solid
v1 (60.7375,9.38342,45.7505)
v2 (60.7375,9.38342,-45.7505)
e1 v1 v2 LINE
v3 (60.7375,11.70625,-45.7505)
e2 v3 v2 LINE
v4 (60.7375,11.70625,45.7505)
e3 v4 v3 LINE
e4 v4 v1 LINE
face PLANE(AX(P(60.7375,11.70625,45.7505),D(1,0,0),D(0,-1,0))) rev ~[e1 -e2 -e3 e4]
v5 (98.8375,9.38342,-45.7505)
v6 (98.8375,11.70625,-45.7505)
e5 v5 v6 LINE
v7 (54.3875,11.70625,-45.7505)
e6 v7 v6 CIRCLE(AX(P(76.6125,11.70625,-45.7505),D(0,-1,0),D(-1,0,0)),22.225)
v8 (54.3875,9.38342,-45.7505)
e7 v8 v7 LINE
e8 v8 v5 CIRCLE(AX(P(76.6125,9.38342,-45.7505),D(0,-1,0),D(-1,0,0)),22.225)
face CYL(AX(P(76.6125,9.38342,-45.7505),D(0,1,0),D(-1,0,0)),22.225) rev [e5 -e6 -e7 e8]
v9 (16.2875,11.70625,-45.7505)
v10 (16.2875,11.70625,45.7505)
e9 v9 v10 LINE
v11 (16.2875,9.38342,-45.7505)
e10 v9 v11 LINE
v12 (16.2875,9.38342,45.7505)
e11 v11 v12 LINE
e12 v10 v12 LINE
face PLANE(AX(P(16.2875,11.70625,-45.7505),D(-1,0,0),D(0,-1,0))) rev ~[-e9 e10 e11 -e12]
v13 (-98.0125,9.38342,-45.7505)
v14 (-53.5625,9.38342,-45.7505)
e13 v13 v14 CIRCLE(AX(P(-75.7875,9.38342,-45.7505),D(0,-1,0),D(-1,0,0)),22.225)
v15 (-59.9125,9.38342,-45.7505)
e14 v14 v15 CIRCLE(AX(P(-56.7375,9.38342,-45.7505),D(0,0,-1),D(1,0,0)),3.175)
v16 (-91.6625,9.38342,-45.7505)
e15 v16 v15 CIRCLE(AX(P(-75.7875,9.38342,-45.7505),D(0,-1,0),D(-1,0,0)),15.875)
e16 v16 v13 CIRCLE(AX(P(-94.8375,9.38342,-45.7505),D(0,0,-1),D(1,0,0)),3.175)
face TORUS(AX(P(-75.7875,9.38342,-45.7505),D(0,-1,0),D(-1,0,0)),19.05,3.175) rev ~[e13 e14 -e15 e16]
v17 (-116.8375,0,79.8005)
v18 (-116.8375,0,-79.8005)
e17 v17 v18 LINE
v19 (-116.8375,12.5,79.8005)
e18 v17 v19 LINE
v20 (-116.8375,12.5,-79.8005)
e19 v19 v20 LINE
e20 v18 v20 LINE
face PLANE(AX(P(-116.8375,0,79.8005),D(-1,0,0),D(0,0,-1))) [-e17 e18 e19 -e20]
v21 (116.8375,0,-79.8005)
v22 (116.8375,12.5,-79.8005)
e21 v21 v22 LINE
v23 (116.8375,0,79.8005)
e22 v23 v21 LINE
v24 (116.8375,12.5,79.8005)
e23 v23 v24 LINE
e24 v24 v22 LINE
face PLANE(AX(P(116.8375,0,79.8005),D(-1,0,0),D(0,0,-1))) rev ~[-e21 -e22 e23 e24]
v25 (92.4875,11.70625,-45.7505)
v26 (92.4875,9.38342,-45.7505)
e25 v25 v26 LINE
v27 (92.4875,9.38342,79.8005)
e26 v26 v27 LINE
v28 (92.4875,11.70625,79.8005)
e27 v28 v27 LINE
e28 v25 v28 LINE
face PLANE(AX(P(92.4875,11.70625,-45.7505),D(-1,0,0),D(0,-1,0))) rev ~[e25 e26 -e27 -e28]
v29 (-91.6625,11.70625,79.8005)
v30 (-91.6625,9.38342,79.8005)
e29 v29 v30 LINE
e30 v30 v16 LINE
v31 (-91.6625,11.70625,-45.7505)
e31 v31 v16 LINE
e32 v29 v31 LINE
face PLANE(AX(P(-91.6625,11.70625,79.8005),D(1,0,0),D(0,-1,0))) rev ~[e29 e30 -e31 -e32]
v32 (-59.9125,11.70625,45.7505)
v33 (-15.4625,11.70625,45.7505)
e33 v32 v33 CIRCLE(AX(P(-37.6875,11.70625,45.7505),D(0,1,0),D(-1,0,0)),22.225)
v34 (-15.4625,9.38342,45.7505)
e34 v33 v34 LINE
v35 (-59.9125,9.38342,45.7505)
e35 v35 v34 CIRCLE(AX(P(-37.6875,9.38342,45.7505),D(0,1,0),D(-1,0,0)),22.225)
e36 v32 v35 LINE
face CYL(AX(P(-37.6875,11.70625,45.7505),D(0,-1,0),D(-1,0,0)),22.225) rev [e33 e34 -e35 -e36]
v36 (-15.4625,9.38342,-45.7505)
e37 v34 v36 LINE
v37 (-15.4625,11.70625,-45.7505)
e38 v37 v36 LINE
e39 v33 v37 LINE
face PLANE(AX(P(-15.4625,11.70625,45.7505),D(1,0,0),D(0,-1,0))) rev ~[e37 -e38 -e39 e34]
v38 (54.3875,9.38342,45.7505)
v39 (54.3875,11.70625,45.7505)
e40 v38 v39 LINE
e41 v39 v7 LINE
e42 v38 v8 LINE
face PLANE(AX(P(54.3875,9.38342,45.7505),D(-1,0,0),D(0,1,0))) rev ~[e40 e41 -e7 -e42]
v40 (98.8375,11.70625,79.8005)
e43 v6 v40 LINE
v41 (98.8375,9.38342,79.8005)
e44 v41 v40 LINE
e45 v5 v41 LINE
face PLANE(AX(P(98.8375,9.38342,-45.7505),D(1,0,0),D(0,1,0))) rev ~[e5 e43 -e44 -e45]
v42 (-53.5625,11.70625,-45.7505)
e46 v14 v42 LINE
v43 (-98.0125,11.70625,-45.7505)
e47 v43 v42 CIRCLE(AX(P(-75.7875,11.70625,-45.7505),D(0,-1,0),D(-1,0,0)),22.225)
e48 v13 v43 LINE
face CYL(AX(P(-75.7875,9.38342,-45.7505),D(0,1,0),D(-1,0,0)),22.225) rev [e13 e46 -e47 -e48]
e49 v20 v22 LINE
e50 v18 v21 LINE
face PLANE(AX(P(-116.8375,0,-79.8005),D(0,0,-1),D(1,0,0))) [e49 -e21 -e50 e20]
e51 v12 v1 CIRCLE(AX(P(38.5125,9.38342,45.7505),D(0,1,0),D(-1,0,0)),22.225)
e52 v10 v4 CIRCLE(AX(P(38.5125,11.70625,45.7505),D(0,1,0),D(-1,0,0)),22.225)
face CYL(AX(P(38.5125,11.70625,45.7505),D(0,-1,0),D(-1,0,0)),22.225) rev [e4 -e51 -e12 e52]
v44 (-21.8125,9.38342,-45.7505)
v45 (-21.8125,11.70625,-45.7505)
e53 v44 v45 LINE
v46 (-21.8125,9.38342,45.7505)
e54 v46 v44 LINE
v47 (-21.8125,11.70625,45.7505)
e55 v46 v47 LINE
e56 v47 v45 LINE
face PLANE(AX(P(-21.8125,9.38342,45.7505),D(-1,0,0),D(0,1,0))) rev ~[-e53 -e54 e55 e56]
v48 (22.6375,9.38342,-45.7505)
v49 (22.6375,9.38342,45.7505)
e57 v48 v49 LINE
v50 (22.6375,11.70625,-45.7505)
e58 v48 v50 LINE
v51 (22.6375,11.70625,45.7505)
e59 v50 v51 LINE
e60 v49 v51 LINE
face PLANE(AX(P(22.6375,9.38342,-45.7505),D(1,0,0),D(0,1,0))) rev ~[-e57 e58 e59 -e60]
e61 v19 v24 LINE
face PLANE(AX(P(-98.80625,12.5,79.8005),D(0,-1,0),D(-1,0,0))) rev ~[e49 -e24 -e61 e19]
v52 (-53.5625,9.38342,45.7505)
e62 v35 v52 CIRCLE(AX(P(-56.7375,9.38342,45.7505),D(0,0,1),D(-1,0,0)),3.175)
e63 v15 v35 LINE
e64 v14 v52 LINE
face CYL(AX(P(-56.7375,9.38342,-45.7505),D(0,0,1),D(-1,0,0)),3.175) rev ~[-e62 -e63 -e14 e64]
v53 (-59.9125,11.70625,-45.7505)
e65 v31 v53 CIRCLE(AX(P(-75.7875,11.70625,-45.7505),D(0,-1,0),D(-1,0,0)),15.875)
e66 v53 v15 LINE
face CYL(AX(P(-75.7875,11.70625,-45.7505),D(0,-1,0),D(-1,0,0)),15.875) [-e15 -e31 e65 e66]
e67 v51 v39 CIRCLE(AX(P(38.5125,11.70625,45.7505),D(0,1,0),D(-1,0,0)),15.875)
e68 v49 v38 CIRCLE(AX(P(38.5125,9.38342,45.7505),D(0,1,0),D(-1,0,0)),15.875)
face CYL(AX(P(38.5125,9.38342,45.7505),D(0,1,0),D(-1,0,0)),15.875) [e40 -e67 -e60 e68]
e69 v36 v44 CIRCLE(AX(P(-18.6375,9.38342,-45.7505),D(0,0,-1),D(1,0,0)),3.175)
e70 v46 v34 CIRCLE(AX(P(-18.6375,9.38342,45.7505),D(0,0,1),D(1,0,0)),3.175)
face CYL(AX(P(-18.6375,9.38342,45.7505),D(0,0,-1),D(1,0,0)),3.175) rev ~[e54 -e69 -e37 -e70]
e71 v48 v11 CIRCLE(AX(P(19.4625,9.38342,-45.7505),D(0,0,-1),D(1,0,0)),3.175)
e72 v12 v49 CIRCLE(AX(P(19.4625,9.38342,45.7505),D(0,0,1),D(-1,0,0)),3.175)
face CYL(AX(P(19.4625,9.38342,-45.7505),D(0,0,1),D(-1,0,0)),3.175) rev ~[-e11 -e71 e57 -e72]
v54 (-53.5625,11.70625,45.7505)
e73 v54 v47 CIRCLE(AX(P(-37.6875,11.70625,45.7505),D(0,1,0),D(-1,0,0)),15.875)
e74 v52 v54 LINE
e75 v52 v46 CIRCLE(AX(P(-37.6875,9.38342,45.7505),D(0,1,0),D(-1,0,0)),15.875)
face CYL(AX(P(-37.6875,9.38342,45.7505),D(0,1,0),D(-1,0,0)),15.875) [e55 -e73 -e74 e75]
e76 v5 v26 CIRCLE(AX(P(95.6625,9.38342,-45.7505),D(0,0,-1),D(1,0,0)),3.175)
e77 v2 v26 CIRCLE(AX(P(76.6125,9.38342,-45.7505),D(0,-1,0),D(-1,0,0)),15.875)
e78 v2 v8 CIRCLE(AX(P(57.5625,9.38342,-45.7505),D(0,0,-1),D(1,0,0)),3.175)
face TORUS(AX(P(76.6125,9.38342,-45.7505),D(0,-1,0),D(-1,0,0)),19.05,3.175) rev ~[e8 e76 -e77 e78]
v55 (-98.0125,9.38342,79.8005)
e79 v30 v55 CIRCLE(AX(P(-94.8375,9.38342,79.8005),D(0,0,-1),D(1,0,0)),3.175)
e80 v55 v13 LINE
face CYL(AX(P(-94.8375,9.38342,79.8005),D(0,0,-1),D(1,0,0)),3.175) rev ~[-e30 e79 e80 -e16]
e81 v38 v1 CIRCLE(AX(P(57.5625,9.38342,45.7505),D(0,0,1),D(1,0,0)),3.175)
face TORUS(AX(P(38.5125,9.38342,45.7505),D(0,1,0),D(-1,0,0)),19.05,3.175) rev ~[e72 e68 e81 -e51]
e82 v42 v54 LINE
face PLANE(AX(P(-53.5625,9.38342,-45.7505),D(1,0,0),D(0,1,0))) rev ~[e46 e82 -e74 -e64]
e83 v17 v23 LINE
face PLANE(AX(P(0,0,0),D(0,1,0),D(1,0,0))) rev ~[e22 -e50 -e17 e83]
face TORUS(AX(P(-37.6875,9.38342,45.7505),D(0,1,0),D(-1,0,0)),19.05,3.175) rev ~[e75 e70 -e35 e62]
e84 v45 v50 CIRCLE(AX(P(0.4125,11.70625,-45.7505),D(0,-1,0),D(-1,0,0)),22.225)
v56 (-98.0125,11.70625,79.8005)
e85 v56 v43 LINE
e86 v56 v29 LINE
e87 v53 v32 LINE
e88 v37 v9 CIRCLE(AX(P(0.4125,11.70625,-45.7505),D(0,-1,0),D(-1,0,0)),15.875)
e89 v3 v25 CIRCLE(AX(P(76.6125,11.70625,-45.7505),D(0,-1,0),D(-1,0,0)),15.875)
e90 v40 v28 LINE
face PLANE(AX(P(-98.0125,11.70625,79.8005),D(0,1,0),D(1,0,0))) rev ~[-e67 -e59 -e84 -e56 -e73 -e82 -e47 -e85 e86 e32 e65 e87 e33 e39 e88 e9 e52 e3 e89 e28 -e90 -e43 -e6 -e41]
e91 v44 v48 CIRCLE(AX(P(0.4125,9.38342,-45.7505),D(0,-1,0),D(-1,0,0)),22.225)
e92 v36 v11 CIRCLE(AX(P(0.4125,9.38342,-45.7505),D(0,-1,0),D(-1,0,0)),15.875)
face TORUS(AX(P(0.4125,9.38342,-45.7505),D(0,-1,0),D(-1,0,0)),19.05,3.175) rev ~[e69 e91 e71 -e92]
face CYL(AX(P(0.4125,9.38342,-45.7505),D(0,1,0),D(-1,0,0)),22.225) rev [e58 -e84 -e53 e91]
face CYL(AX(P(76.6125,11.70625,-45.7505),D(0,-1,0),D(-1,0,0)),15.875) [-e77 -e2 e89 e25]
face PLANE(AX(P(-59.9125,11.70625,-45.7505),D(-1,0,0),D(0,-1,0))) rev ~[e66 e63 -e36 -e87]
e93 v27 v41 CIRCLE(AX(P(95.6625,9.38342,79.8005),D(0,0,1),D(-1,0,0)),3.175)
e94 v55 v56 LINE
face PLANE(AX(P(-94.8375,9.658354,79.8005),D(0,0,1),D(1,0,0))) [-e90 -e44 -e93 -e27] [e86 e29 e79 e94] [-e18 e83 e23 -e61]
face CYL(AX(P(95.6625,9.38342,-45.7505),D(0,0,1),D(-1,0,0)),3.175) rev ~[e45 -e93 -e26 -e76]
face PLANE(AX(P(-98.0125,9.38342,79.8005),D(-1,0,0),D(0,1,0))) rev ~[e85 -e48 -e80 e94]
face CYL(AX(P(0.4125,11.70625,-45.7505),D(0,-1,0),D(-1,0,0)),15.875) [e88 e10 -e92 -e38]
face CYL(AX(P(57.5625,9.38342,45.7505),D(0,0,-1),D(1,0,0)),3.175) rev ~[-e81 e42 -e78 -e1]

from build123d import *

# Parameters (mm, degrees)
SKETCH1_W           = 233.675
SKETCH1_H           = 159.601
BOSS_EXTRUDE1_DEPTH = 12.5


with BuildPart() as part:
    # Sketch1 → Boss-Extrude1 (new body)
    with BuildSketch(Plane(origin=(0, 0, 0), x_dir=(1, 0, 0), z_dir=(0, 1, 0))):
        Rectangle(SKETCH1_W, SKETCH1_H)
    extrude(amount=BOSS_EXTRUDE1_DEPTH)

    # Cut-Sweep1: sweep along a path in Sketch2
    with BuildLine(Plane(origin=(0, 12.5, 0), x_dir=(1, 0, 0), z_dir=(0, 1, 0))) as cut_sweep1_path:
        Line((-94.8375, -79.8005), (-94.8375, 45.7505))
        ThreePointArc((-94.8375, 45.7505), (-75.7875, 64.8005), (-56.7375, 45.7505))
        Line((-56.7375, 45.7505), (-56.7375, -45.7505))
        ThreePointArc((-56.7375, -45.7505), (-37.6875, -64.8005), (-18.6375, -45.7505))
        Line((-18.6375, -45.7505), (-18.6375, 45.7505))
        ThreePointArc((-18.6375, 45.7505), (0.4125, 64.8005), (19.4625, 45.7505))
        Line((19.4625, 45.7505), (19.4625, -45.7505))
        ThreePointArc((19.4625, -45.7505), (38.5125, -64.8005), (57.5625, -45.7505))
        Line((57.5625, -45.7505), (57.5625, 45.7505))
        ThreePointArc((57.5625, 45.7505), (76.6125, 64.8005), (95.6625, 45.7505))
        Line((95.6625, 45.7505), (95.6625, -79.8005))
    # Sketch3 → Cut-Sweep1 (sweep, cut)
    with BuildSketch(Plane.XY.offset(79.8005)):
        with BuildLine():
            Line((-98.80625, 9.38342), (-98.80625, 12.5))
            Line((-98.80625, 12.5), (-90.86875, 12.5))
            Line((-90.86875, 12.5), (-90.86875, 9.38342))
            ThreePointArc((-90.86875, 9.38342), (-94.8375, 5.41467), (-98.80625, 9.38342))
        make_face()
    sweep(path=cut_sweep1_path.line, mode=Mode.SUBTRACT)

    # Sweep1: sweep along a path in Sketch2<3>
    with BuildLine(Plane(origin=(0, 12.5, 0), x_dir=(1, 0, 0), z_dir=(0, 1, 0))) as sweep1_path:
        Line((-94.8375, -79.8005), (-94.8375, 45.7505))
        ThreePointArc((-94.8375, 45.7505), (-75.7875, 64.8005), (-56.7375, 45.7505))
        Line((-56.7375, 45.7505), (-56.7375, -45.7505))
        ThreePointArc((-56.7375, -45.7505), (-37.6875, -64.8005), (-18.6375, -45.7505))
        Line((-18.6375, -45.7505), (-18.6375, 45.7505))
        ThreePointArc((-18.6375, 45.7505), (0.4125, 64.8005), (19.4625, 45.7505))
        Line((19.4625, 45.7505), (19.4625, -45.7505))
        ThreePointArc((19.4625, -45.7505), (38.5125, -64.8005), (57.5625, -45.7505))
        Line((57.5625, -45.7505), (57.5625, 45.7505))
        ThreePointArc((57.5625, 45.7505), (76.6125, 64.8005), (95.6625, 45.7505))
        Line((95.6625, 45.7505), (95.6625, -79.8005))
    # Sketch4 → Sweep1 (sweep)
    with BuildSketch(Plane.XY.offset(79.8005)):
        with BuildLine():
            Line((-98.80625, 9.38342), (-98.80625, 12.5))
            Line((-98.80625, 12.5), (-90.86875, 12.5))
            Line((-90.86875, 12.5), (-90.86875, 9.38342))
            ThreePointArc((-90.86875, 9.38342), (-94.8375, 5.41467), (-98.80625, 9.38342))
        make_face()
        with BuildLine():
            Line((-98.0125, 9.38342), (-98.0125, 11.70625))
            Line((-98.0125, 11.70625), (-91.6625, 11.70625))
            Line((-91.6625, 11.70625), (-91.6625, 9.38342))
            ThreePointArc((-91.6625, 9.38342), (-94.8375, 6.20842), (-98.0125, 9.38342))
        make_face(mode=Mode.SUBTRACT)
    sweep(path=sweep1_path.line)


solid = part.part
